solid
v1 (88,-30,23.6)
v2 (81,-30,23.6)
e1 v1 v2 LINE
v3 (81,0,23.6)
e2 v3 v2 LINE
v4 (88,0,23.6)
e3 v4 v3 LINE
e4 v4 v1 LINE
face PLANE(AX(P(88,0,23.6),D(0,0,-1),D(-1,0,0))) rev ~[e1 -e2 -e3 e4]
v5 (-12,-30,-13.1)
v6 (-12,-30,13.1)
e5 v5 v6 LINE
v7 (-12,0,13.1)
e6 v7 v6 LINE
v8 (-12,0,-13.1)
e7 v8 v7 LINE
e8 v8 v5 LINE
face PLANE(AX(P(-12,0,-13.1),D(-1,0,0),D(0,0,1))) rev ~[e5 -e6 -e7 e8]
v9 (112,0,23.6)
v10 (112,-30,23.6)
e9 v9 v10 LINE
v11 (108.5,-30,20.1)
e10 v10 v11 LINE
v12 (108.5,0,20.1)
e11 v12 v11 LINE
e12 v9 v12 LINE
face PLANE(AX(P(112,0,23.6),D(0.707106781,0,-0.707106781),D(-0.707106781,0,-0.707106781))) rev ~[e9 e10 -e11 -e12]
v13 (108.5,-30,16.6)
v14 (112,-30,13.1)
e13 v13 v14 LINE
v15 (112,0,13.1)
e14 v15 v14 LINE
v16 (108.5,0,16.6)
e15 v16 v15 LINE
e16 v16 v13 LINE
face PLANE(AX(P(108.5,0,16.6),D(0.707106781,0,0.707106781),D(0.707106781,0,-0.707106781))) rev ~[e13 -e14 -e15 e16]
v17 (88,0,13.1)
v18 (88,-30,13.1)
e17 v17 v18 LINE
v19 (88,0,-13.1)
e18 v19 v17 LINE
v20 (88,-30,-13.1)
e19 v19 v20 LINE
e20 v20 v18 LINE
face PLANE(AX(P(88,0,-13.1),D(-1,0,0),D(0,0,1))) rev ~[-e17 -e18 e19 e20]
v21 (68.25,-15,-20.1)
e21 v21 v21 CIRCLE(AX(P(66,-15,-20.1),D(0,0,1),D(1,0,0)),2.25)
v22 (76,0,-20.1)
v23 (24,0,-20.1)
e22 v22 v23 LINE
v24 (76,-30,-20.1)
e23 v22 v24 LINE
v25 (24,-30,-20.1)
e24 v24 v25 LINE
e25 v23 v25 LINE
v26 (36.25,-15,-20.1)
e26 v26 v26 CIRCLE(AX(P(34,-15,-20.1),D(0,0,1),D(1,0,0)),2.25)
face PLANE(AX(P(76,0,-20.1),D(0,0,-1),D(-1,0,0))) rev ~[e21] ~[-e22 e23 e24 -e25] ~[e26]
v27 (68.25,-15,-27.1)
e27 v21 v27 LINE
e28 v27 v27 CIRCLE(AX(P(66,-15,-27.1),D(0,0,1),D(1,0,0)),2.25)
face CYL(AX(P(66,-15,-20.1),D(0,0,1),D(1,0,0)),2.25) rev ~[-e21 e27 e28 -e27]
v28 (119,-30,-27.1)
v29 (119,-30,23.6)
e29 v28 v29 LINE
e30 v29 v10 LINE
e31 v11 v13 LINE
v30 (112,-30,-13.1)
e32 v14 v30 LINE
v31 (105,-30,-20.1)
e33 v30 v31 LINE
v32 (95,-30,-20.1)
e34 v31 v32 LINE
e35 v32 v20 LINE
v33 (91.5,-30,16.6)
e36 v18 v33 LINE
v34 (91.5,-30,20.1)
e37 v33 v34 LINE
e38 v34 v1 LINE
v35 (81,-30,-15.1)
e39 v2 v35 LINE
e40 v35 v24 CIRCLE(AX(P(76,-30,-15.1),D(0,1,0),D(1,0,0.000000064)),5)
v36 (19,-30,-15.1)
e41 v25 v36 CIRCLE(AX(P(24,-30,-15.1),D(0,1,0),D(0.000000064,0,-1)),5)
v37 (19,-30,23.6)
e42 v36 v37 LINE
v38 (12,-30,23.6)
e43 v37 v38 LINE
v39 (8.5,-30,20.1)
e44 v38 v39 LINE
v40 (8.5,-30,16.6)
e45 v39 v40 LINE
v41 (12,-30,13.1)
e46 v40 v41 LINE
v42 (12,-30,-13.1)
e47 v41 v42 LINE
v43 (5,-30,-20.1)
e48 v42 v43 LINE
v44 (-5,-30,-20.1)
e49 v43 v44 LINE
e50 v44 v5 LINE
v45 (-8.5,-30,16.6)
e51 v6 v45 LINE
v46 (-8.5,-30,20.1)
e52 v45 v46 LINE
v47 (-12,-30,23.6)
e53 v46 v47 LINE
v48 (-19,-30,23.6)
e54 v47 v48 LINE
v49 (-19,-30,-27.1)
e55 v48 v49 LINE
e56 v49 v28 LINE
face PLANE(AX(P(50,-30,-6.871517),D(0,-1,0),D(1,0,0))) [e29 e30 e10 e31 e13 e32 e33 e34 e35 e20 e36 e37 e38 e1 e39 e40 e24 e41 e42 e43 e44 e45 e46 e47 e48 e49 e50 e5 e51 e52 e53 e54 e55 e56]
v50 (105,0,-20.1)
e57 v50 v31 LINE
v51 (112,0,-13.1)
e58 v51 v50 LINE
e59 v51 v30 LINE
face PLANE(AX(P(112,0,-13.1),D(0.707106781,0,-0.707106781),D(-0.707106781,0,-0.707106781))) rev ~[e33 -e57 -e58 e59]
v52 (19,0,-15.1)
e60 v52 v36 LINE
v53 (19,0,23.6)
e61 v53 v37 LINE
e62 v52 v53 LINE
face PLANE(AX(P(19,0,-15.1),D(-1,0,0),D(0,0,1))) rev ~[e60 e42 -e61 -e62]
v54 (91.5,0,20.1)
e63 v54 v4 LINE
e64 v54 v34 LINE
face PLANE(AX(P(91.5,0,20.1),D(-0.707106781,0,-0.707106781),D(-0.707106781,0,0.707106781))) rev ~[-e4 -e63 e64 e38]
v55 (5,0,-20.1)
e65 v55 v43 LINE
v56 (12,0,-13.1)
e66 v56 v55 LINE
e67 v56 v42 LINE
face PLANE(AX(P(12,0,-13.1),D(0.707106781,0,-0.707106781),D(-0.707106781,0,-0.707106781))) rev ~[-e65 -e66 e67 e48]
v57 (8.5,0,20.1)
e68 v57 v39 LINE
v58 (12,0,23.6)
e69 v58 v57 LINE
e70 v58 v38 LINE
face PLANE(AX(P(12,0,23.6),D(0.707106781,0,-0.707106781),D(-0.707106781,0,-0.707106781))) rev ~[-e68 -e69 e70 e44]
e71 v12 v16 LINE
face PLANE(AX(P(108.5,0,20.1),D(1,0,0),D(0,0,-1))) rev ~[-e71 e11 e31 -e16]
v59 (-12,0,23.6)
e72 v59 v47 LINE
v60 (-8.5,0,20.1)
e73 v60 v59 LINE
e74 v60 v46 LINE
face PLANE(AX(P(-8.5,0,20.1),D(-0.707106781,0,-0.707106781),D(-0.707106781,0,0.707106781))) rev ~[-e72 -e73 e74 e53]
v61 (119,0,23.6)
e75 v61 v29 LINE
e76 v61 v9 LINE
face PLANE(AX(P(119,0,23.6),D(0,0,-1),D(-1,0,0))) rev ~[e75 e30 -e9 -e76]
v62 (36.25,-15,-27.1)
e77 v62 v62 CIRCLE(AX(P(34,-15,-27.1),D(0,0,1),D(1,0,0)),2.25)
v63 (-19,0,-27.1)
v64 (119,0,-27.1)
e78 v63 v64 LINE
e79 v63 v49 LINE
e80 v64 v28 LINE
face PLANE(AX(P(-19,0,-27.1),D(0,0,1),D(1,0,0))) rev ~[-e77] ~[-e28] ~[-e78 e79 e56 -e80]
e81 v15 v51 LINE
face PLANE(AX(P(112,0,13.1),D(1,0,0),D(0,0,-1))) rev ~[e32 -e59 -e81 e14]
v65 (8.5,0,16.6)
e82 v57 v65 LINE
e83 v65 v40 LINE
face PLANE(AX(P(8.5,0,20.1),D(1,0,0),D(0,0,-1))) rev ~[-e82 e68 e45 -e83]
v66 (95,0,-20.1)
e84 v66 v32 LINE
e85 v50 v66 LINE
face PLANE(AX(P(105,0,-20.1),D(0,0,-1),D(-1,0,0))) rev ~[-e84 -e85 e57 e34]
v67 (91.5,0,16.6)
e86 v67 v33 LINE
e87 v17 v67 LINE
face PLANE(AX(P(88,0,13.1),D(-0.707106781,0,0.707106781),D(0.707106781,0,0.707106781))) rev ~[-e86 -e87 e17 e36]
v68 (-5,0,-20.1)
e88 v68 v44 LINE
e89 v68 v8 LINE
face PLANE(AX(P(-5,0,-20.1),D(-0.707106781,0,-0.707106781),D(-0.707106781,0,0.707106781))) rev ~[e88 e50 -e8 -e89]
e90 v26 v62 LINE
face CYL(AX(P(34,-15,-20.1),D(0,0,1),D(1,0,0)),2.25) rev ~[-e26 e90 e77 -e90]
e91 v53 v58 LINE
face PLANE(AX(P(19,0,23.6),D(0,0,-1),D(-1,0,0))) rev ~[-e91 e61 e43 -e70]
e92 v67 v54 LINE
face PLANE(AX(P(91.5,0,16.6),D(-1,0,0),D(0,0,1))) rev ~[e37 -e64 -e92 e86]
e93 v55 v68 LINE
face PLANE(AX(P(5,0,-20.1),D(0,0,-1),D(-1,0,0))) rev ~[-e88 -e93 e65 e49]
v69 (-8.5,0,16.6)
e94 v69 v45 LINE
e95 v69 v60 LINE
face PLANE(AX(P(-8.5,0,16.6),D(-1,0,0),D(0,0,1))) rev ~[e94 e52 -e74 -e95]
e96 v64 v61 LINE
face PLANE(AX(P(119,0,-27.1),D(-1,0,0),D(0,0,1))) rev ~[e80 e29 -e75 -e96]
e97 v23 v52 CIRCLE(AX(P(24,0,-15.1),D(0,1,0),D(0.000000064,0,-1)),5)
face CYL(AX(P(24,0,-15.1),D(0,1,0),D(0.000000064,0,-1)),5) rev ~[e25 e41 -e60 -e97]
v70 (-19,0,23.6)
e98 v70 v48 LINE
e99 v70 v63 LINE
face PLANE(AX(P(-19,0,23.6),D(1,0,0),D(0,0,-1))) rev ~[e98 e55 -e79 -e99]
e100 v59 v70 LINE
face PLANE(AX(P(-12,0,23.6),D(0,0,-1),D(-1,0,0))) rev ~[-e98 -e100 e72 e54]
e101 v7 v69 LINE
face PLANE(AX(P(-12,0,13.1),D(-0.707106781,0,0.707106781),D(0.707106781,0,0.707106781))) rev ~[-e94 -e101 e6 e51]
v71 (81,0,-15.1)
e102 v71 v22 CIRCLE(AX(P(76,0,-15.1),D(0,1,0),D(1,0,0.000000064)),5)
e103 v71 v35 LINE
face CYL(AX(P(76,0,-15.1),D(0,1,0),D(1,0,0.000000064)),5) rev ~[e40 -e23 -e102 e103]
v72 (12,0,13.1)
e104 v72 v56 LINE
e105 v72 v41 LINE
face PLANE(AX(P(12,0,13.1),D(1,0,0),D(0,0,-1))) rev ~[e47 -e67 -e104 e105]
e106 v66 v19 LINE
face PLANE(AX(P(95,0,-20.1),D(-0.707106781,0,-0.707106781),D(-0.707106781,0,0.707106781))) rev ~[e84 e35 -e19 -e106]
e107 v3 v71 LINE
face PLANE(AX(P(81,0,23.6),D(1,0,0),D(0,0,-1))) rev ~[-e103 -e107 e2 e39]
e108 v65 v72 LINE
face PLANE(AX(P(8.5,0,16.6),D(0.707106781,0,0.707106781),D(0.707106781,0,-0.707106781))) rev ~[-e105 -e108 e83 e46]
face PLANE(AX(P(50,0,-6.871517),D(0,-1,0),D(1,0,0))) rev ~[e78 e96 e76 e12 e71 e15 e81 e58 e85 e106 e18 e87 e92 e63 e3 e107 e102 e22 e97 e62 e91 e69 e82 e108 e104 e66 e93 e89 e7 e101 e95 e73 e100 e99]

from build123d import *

# Parameters (mm, degrees)
F1_DEPTH = 30
F2_R     = 2.25
F3_DEPTH = 7


with BuildPart() as f1:
    # F0 (on Front) → F1 (new body)
    with BuildSketch(Plane.XZ):
        with BuildLine():
            Line((-12, -13.1), (-12, 13.1))
            Line((-12, 13.1), (-8.5, 16.6))
            Line((-8.5, 16.6), (-8.5, 20.1))
            Line((-8.5, 20.1), (-12, 23.6))
            Line((-12, 23.6), (-19, 23.6))
            Line((-19, 23.6), (-19, -27.1))
            Line((-19, -27.1), (0, -27.1))
            Line((0, -27.1), (19, -27.1))
            Line((19, -27.1), (81, -27.1))
            Line((81, -27.1), (100, -27.1))
            Line((100, -27.1), (119, -27.1))
            Line((119, -27.1), (119, 23.6))
            Line((119, 23.6), (112, 23.6))
            Line((112, 23.6), (108.5, 20.1))
            Line((108.5, 20.1), (108.5, 16.6))
            Line((108.5, 16.6), (112, 13.1))
            Line((112, 13.1), (112, -13.1))
            Line((112, -13.1), (105, -20.1))
            Line((105, -20.1), (95, -20.1))
            Line((95, -20.1), (88, -13.1))
            Line((88, -13.1), (88, 13.1))
            Line((88, 13.1), (91.5, 16.6))
            Line((91.5, 16.6), (91.5, 20.1))
            Line((91.5, 20.1), (88, 23.6))
            Line((88, 23.6), (81, 23.6))
            Line((81, 23.6), (81, -15.1))
            ThreePointArc((81, -15.1), (79.535534, -18.635534), (76, -20.1))
            Line((76, -20.1), (24, -20.1))
            ThreePointArc((24, -20.1), (20.464466, -18.635534), (19, -15.1))
            Line((19, -15.1), (19, 23.6))
            Line((19, 23.6), (12, 23.6))
            Line((12, 23.6), (8.5, 20.1))
            Line((8.5, 20.1), (8.5, 16.6))
            Line((8.5, 16.6), (12, 13.1))
            Line((12, 13.1), (12, -13.1))
            Line((12, -13.1), (5, -20.1))
            Line((5, -20.1), (-5, -20.1))
            Line((-5, -20.1), (-12, -13.1))
        make_face()
    extrude(amount=F1_DEPTH)

    # F2 (on face) → F3 (cut, through all)
    with BuildSketch(Plane.XY.offset(-20.1)):
        with Locations((34, -15)):
            Circle(F2_R)
        with Locations((66, -15)):
            Circle(F2_R)
    extrude(amount=-F3_DEPTH, mode=Mode.SUBTRACT)


solid = f1.part
